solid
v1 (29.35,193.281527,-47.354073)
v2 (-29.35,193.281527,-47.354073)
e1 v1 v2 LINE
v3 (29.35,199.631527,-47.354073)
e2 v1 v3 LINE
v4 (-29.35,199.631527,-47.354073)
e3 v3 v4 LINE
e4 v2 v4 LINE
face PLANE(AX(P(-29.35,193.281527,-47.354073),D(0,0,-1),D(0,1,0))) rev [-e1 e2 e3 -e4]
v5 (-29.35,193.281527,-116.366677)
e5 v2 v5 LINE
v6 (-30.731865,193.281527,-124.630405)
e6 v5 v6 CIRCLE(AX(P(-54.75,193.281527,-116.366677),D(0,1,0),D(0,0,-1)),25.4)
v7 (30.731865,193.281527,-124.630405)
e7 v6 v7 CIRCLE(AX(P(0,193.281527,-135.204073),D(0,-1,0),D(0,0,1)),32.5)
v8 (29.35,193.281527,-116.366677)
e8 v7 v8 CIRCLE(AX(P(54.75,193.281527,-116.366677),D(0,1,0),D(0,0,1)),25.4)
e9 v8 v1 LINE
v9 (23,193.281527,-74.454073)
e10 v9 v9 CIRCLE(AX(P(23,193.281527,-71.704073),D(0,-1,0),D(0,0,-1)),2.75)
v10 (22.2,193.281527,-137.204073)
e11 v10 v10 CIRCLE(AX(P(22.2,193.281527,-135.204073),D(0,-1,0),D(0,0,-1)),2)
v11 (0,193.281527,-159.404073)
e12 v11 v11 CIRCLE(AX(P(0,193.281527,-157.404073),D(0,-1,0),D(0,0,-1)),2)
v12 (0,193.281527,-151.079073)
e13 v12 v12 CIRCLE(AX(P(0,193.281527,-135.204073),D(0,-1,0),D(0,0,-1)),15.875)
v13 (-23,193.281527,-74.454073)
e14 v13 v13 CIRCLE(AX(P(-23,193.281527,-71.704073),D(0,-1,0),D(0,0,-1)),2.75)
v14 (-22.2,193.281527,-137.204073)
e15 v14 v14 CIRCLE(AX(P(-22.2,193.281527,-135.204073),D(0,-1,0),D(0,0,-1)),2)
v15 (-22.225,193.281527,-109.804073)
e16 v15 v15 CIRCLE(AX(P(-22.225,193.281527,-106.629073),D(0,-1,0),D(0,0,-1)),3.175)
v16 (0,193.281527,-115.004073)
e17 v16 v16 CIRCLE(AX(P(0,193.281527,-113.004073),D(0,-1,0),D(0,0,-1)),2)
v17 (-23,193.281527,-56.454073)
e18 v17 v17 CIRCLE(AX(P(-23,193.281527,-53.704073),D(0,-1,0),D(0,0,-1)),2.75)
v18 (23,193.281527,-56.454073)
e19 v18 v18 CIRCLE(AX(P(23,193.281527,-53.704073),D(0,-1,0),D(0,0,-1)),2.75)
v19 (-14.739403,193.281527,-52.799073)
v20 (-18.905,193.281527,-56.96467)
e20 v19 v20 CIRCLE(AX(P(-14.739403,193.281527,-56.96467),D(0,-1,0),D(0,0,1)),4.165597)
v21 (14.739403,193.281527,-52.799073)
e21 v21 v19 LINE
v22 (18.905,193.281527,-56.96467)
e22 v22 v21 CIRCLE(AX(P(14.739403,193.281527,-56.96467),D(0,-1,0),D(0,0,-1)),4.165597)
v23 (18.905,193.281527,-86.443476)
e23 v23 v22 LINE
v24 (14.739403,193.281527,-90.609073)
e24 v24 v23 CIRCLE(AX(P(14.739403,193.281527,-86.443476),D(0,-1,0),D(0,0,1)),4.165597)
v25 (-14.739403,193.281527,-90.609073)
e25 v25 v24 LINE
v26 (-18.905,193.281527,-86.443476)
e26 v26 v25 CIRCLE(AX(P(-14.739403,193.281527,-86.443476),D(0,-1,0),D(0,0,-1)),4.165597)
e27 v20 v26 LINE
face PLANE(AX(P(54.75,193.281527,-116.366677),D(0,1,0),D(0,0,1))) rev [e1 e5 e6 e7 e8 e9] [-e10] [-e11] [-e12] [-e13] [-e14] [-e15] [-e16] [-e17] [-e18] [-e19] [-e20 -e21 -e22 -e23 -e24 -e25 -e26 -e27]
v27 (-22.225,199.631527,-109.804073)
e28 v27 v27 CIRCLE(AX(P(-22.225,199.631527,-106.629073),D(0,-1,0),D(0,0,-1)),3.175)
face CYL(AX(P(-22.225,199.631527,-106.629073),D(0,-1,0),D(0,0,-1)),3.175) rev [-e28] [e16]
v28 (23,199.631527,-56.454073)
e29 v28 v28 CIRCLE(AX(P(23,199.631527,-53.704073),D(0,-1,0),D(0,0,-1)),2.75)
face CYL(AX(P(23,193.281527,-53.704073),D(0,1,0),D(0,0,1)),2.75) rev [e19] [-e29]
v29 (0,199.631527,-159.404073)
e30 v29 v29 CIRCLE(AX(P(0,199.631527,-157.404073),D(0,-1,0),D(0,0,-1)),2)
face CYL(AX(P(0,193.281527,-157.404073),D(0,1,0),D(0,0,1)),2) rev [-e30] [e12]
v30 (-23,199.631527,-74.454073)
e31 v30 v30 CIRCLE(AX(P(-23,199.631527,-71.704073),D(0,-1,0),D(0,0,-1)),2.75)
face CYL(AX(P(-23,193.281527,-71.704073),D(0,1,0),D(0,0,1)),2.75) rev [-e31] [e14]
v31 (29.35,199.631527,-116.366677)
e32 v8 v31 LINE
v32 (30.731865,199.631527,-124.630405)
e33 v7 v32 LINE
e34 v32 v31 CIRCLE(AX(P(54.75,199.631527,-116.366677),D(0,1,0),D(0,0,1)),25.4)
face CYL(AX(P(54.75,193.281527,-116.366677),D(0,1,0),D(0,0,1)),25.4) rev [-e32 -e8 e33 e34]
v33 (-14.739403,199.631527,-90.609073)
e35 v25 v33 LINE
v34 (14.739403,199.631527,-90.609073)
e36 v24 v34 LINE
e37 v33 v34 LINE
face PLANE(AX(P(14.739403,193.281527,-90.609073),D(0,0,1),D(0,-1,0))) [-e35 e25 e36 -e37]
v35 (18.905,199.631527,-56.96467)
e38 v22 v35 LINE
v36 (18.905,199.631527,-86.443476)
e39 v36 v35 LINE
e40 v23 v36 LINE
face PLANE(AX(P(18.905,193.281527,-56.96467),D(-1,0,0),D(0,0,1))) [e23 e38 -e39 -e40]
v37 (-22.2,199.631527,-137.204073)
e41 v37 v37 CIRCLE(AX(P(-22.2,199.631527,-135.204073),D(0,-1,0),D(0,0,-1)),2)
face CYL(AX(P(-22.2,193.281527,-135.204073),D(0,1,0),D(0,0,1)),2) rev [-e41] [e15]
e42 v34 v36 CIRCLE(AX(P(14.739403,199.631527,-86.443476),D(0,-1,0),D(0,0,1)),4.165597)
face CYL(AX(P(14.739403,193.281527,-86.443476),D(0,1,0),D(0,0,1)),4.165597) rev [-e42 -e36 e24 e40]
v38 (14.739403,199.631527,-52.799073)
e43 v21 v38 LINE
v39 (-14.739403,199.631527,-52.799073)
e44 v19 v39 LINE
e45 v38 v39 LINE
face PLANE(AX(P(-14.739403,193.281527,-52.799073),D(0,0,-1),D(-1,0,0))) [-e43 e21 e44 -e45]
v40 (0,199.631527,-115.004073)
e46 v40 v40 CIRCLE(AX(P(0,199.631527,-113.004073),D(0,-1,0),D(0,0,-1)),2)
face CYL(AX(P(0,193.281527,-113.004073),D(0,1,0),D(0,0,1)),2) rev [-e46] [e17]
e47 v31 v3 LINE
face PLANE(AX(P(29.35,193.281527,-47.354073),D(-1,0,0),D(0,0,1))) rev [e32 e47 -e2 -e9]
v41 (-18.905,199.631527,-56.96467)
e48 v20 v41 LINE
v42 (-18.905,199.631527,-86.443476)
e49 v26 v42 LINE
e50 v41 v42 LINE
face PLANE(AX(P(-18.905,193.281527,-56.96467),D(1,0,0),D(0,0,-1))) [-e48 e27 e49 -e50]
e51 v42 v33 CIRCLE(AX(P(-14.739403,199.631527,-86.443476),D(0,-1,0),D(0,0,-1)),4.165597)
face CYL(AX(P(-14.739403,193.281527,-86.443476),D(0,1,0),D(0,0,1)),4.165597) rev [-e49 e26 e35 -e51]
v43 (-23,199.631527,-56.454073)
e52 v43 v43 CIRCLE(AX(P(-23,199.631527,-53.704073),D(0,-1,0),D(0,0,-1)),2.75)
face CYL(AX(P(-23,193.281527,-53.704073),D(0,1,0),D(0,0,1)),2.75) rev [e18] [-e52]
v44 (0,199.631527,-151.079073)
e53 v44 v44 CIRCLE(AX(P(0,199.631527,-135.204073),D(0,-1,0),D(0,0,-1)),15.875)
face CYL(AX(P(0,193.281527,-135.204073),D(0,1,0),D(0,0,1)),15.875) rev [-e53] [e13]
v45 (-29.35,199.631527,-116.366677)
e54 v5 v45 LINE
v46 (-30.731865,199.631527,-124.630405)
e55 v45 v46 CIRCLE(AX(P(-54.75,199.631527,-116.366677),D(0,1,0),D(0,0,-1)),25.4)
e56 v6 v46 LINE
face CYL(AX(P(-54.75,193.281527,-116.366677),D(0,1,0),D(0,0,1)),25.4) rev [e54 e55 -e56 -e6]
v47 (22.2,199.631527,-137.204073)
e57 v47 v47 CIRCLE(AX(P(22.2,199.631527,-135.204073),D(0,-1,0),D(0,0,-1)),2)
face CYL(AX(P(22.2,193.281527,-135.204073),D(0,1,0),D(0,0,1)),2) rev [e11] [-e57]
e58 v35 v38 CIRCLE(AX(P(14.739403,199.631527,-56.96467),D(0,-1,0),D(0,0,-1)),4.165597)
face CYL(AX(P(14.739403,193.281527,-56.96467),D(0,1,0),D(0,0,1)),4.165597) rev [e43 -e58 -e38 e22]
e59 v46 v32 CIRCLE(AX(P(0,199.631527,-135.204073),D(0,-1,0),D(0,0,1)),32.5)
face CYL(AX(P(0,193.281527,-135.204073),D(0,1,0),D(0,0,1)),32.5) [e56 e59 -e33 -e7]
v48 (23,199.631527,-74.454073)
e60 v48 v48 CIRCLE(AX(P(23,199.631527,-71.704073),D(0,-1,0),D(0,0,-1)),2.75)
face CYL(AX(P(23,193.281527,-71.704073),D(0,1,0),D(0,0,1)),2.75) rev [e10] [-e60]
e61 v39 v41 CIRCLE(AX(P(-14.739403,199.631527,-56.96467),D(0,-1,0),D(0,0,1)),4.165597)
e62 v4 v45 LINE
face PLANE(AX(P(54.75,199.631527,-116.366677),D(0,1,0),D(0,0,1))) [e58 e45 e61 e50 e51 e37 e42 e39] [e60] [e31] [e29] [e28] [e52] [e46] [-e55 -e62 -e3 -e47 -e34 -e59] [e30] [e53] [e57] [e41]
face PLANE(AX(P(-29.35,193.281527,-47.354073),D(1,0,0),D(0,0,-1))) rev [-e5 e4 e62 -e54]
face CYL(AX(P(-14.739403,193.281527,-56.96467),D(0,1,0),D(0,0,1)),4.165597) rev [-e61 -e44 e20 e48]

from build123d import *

# Parameters (mm, degrees)
SKETCH1_R           = 2.75
SKETCH1_R_2         = 15.875
SKETCH1_R_3         = 2
BOSS_EXTRUDE1_DEPTH = 6.35
SKETCH2_R           = 3.175
CUT_EXTRUDE1_DEPTH  = 171.942179124


with BuildPart() as part:
    # Sketch1 → Boss-Extrude1 (new body)
    with BuildSketch(Plane.XZ.offset(-199.631527043)):
        with BuildLine():
            Line((-29.35, -47.354073009), (29.35, -47.354073009))
            Line((29.35, -47.354073009), (29.35, -116.366676692))
            ThreePointArc((29.35, -116.366676692), (29.697848179, -120.5559116), (30.731865285, -124.630404955))
            ThreePointArc((30.731865285, -124.630404955), (0, -167.704073009), (-30.731865285, -124.630404955))
            ThreePointArc((-30.731865285, -124.630404955), (-29.697848179, -120.5559116), (-29.35, -116.366676692))
            Line((-29.35, -116.366676692), (-29.35, -47.354073009))
        make_face()
        with Locations(Location((-23, -71.704073009, 0), (0, 0, 270))):
            Circle(SKETCH1_R, mode=Mode.SUBTRACT)
        with Locations(Location((-23, -53.704073009, 0), (0, 0, 270))):
            Circle(SKETCH1_R, mode=Mode.SUBTRACT)
        with Locations(Location((23, -53.704073009, 0), (0, 0, 270))):
            Circle(SKETCH1_R, mode=Mode.SUBTRACT)
        with Locations(Location((23, -71.704073009, 0), (0, 0, 270))):
            Circle(SKETCH1_R, mode=Mode.SUBTRACT)
        with Locations(Location((0, -135.204073009, 0), (0, 0, 270))):
            Circle(SKETCH1_R_2, mode=Mode.SUBTRACT)
        with Locations(Location((-22.20000005, -135.204073009, 0), (0, 0, 270))):
            Circle(SKETCH1_R_3, mode=Mode.SUBTRACT)
        with Locations(Location((0, -113.004072959, 0), (0, 0, 270))):
            Circle(SKETCH1_R_3, mode=Mode.SUBTRACT)
        with Locations(Location((22.20000005, -135.204073009, 0), (0, 0, 270))):
            Circle(SKETCH1_R_3, mode=Mode.SUBTRACT)
        with Locations(Location((0, -157.404073059, 0), (0, 0, 270))):
            Circle(SKETCH1_R_3, mode=Mode.SUBTRACT)
        with BuildLine():
            Line((-14.739402973, -52.799073011), (14.739402973, -52.799073011))
            ThreePointArc((14.739402973, -52.799073011), (17.684924877, -54.019148132), (18.905, -56.964670036))
            Line((18.905, -56.964670036), (18.905, -86.443475982))
            ThreePointArc((18.905, -86.443475982), (17.684924878, -89.388997884), (14.739402976, -90.609073006))
            Line((14.739402976, -90.609073006), (-14.739402973, -90.609073006))
            ThreePointArc((-14.739402973, -90.609073006), (-17.684924877, -89.388997886), (-18.905, -86.443475982))
            Line((-18.905, -86.443475982), (-18.905, -56.964670036))
            ThreePointArc((-18.905, -56.964670036), (-17.684924877, -54.019148132), (-14.739402973, -52.799073011))
        make_face(mode=Mode.SUBTRACT)
    extrude(amount=BOSS_EXTRUDE1_DEPTH)

    # Sketch2 → Cut-Extrude1 (cut, through all)
    with BuildSketch(Plane.XZ.offset(-193.281527043)):
        with Locations(Location((-22.225, -106.629073009, 0), (0, 0, 270))):
            Circle(SKETCH2_R)
    extrude(amount=-CUT_EXTRUDE1_DEPTH, mode=Mode.SUBTRACT)


solid = part.part
